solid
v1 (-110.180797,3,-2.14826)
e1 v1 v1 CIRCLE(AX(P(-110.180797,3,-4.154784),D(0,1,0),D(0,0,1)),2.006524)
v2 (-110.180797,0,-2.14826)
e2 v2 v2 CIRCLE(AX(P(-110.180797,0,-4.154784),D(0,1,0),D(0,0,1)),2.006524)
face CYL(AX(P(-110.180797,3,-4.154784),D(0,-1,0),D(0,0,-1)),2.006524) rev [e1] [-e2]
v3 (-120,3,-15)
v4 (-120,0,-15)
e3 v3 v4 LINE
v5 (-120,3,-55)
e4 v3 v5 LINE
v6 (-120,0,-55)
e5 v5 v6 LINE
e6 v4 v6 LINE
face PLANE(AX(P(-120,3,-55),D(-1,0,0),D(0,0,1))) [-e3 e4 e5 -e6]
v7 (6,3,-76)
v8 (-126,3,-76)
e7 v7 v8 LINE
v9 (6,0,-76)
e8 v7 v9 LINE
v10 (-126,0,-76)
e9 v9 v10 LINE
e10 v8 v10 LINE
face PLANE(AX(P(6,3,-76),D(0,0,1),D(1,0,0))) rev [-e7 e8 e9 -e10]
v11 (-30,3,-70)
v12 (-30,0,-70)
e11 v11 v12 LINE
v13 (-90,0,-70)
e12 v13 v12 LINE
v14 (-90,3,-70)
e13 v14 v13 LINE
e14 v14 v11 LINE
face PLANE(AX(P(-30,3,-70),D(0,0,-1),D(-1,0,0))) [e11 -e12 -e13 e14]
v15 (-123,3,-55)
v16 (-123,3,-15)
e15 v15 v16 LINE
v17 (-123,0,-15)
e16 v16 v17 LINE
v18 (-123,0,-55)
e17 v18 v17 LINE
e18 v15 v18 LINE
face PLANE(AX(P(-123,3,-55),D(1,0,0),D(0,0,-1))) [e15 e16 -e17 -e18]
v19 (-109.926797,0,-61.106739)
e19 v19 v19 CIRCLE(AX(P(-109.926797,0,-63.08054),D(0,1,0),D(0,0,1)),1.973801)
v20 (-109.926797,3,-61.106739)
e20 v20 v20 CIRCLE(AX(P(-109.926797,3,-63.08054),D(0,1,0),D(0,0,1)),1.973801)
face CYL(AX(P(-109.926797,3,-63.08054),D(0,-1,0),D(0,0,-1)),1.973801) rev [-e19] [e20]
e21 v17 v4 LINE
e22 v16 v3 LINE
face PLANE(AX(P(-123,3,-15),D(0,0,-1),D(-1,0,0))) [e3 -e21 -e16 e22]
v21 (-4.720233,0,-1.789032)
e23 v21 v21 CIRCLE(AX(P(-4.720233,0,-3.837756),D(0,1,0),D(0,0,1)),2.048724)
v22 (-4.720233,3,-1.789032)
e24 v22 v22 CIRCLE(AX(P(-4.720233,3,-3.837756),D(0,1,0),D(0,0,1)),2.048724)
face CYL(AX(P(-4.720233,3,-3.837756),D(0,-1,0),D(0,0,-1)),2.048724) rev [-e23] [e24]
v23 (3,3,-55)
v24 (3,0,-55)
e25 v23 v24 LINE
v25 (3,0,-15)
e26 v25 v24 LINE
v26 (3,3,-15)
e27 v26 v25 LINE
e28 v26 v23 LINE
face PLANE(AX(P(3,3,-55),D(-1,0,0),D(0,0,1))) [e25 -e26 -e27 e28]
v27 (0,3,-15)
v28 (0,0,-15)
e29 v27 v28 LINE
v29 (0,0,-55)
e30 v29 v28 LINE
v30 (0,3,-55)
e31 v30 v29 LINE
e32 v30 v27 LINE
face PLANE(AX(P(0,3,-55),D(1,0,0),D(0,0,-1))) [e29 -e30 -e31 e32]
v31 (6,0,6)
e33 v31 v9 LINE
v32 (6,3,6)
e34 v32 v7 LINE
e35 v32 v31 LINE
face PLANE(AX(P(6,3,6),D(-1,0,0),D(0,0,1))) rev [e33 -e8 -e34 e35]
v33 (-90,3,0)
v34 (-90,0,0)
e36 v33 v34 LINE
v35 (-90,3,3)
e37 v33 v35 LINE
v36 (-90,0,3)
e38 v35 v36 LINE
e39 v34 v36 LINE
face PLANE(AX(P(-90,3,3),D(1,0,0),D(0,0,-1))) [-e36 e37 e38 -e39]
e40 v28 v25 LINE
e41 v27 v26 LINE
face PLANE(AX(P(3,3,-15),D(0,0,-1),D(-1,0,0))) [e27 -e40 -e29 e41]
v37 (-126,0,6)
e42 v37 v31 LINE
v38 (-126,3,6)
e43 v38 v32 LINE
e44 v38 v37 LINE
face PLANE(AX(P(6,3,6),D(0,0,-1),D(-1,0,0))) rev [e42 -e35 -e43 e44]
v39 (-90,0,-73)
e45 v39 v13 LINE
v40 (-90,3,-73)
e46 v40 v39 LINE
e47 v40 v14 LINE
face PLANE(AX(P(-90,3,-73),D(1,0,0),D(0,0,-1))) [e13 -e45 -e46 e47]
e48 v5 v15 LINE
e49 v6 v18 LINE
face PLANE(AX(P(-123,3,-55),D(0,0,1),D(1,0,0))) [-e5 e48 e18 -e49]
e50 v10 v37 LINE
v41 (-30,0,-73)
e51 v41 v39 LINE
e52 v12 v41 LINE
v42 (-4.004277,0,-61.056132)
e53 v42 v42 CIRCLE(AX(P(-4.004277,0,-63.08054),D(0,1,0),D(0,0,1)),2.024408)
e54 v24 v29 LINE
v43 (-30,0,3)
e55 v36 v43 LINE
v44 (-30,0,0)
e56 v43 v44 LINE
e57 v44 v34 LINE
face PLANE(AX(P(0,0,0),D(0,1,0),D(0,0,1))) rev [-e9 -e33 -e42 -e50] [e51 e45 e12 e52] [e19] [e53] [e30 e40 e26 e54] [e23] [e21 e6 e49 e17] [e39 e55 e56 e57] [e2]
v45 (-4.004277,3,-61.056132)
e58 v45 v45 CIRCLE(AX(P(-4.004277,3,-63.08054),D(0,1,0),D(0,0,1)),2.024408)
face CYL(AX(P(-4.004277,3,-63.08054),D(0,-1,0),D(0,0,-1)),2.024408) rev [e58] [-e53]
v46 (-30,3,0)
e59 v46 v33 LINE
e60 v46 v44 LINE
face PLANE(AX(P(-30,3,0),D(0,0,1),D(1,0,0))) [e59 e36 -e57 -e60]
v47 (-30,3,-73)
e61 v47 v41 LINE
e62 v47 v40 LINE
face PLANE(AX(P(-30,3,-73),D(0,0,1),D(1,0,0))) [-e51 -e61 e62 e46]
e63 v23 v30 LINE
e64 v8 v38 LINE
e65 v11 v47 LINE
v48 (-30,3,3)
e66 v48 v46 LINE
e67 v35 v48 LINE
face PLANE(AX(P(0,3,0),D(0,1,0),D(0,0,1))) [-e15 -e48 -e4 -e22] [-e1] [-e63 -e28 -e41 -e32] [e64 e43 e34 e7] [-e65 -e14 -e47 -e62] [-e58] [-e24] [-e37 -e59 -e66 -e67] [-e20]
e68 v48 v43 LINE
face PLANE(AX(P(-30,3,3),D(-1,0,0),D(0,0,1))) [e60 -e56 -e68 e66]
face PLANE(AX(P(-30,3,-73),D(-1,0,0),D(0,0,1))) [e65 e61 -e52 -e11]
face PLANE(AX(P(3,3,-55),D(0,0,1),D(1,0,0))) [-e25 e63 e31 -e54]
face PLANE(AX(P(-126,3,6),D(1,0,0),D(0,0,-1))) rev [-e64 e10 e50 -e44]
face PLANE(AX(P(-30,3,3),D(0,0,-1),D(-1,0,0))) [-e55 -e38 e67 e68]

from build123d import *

# Parameters (mm, degrees)
SKETCH2_W           = 132
SKETCH2_H           = 82
SKETCH2_R           = 2.006523595
SKETCH2_R_2         = 1.973801087
SKETCH2_R_3         = 2.048724415
SKETCH2_R_4         = 2.024407748
SKETCH2_W_2         = 3
SKETCH2_H_2         = 40
SKETCH2_W_3         = 60
SKETCH2_H_3         = 3
BOSS_EXTRUDE1_DEPTH = 3


with BuildPart() as part:
    # Sketch2 → Boss-Extrude1 (new body)
    with BuildSketch(Plane(origin=(0, 0, 0), x_dir=(1, 0, 0), z_dir=(0, 1, 0))):
        with Locations((-60, 35)):
            Rectangle(SKETCH2_W, SKETCH2_H)
        with Locations(Location((-110.18079739, 4.154783893, 0), (0, 0, 270))):
            Circle(SKETCH2_R, mode=Mode.SUBTRACT)
        with Locations(Location((-109.92679739, 63.080540095, 0), (0, 0, 270))):
            Circle(SKETCH2_R_2, mode=Mode.SUBTRACT)
        with Locations(Location((-4.720233043, 3.837756232, 0), (0, 0, 270))):
            Circle(SKETCH2_R_3, mode=Mode.SUBTRACT)
        with Locations(Location((-4.004277447, 63.080540095, 0), (0, 0, 270))):
            Circle(SKETCH2_R_4, mode=Mode.SUBTRACT)
        with Locations((1.5, 35)):
            Rectangle(SKETCH2_W_2, SKETCH2_H_2, mode=Mode.SUBTRACT)
        with Locations((-121.5, 35)):
            Rectangle(SKETCH2_W_2, SKETCH2_H_2, mode=Mode.SUBTRACT)
        with Locations((-60, 71.5)):
            Rectangle(SKETCH2_W_3, SKETCH2_H_3, mode=Mode.SUBTRACT)
        with Locations((-60, -1.5)):
            Rectangle(SKETCH2_W_3, SKETCH2_H_3, mode=Mode.SUBTRACT)
    extrude(amount=BOSS_EXTRUDE1_DEPTH)


solid = part.part
